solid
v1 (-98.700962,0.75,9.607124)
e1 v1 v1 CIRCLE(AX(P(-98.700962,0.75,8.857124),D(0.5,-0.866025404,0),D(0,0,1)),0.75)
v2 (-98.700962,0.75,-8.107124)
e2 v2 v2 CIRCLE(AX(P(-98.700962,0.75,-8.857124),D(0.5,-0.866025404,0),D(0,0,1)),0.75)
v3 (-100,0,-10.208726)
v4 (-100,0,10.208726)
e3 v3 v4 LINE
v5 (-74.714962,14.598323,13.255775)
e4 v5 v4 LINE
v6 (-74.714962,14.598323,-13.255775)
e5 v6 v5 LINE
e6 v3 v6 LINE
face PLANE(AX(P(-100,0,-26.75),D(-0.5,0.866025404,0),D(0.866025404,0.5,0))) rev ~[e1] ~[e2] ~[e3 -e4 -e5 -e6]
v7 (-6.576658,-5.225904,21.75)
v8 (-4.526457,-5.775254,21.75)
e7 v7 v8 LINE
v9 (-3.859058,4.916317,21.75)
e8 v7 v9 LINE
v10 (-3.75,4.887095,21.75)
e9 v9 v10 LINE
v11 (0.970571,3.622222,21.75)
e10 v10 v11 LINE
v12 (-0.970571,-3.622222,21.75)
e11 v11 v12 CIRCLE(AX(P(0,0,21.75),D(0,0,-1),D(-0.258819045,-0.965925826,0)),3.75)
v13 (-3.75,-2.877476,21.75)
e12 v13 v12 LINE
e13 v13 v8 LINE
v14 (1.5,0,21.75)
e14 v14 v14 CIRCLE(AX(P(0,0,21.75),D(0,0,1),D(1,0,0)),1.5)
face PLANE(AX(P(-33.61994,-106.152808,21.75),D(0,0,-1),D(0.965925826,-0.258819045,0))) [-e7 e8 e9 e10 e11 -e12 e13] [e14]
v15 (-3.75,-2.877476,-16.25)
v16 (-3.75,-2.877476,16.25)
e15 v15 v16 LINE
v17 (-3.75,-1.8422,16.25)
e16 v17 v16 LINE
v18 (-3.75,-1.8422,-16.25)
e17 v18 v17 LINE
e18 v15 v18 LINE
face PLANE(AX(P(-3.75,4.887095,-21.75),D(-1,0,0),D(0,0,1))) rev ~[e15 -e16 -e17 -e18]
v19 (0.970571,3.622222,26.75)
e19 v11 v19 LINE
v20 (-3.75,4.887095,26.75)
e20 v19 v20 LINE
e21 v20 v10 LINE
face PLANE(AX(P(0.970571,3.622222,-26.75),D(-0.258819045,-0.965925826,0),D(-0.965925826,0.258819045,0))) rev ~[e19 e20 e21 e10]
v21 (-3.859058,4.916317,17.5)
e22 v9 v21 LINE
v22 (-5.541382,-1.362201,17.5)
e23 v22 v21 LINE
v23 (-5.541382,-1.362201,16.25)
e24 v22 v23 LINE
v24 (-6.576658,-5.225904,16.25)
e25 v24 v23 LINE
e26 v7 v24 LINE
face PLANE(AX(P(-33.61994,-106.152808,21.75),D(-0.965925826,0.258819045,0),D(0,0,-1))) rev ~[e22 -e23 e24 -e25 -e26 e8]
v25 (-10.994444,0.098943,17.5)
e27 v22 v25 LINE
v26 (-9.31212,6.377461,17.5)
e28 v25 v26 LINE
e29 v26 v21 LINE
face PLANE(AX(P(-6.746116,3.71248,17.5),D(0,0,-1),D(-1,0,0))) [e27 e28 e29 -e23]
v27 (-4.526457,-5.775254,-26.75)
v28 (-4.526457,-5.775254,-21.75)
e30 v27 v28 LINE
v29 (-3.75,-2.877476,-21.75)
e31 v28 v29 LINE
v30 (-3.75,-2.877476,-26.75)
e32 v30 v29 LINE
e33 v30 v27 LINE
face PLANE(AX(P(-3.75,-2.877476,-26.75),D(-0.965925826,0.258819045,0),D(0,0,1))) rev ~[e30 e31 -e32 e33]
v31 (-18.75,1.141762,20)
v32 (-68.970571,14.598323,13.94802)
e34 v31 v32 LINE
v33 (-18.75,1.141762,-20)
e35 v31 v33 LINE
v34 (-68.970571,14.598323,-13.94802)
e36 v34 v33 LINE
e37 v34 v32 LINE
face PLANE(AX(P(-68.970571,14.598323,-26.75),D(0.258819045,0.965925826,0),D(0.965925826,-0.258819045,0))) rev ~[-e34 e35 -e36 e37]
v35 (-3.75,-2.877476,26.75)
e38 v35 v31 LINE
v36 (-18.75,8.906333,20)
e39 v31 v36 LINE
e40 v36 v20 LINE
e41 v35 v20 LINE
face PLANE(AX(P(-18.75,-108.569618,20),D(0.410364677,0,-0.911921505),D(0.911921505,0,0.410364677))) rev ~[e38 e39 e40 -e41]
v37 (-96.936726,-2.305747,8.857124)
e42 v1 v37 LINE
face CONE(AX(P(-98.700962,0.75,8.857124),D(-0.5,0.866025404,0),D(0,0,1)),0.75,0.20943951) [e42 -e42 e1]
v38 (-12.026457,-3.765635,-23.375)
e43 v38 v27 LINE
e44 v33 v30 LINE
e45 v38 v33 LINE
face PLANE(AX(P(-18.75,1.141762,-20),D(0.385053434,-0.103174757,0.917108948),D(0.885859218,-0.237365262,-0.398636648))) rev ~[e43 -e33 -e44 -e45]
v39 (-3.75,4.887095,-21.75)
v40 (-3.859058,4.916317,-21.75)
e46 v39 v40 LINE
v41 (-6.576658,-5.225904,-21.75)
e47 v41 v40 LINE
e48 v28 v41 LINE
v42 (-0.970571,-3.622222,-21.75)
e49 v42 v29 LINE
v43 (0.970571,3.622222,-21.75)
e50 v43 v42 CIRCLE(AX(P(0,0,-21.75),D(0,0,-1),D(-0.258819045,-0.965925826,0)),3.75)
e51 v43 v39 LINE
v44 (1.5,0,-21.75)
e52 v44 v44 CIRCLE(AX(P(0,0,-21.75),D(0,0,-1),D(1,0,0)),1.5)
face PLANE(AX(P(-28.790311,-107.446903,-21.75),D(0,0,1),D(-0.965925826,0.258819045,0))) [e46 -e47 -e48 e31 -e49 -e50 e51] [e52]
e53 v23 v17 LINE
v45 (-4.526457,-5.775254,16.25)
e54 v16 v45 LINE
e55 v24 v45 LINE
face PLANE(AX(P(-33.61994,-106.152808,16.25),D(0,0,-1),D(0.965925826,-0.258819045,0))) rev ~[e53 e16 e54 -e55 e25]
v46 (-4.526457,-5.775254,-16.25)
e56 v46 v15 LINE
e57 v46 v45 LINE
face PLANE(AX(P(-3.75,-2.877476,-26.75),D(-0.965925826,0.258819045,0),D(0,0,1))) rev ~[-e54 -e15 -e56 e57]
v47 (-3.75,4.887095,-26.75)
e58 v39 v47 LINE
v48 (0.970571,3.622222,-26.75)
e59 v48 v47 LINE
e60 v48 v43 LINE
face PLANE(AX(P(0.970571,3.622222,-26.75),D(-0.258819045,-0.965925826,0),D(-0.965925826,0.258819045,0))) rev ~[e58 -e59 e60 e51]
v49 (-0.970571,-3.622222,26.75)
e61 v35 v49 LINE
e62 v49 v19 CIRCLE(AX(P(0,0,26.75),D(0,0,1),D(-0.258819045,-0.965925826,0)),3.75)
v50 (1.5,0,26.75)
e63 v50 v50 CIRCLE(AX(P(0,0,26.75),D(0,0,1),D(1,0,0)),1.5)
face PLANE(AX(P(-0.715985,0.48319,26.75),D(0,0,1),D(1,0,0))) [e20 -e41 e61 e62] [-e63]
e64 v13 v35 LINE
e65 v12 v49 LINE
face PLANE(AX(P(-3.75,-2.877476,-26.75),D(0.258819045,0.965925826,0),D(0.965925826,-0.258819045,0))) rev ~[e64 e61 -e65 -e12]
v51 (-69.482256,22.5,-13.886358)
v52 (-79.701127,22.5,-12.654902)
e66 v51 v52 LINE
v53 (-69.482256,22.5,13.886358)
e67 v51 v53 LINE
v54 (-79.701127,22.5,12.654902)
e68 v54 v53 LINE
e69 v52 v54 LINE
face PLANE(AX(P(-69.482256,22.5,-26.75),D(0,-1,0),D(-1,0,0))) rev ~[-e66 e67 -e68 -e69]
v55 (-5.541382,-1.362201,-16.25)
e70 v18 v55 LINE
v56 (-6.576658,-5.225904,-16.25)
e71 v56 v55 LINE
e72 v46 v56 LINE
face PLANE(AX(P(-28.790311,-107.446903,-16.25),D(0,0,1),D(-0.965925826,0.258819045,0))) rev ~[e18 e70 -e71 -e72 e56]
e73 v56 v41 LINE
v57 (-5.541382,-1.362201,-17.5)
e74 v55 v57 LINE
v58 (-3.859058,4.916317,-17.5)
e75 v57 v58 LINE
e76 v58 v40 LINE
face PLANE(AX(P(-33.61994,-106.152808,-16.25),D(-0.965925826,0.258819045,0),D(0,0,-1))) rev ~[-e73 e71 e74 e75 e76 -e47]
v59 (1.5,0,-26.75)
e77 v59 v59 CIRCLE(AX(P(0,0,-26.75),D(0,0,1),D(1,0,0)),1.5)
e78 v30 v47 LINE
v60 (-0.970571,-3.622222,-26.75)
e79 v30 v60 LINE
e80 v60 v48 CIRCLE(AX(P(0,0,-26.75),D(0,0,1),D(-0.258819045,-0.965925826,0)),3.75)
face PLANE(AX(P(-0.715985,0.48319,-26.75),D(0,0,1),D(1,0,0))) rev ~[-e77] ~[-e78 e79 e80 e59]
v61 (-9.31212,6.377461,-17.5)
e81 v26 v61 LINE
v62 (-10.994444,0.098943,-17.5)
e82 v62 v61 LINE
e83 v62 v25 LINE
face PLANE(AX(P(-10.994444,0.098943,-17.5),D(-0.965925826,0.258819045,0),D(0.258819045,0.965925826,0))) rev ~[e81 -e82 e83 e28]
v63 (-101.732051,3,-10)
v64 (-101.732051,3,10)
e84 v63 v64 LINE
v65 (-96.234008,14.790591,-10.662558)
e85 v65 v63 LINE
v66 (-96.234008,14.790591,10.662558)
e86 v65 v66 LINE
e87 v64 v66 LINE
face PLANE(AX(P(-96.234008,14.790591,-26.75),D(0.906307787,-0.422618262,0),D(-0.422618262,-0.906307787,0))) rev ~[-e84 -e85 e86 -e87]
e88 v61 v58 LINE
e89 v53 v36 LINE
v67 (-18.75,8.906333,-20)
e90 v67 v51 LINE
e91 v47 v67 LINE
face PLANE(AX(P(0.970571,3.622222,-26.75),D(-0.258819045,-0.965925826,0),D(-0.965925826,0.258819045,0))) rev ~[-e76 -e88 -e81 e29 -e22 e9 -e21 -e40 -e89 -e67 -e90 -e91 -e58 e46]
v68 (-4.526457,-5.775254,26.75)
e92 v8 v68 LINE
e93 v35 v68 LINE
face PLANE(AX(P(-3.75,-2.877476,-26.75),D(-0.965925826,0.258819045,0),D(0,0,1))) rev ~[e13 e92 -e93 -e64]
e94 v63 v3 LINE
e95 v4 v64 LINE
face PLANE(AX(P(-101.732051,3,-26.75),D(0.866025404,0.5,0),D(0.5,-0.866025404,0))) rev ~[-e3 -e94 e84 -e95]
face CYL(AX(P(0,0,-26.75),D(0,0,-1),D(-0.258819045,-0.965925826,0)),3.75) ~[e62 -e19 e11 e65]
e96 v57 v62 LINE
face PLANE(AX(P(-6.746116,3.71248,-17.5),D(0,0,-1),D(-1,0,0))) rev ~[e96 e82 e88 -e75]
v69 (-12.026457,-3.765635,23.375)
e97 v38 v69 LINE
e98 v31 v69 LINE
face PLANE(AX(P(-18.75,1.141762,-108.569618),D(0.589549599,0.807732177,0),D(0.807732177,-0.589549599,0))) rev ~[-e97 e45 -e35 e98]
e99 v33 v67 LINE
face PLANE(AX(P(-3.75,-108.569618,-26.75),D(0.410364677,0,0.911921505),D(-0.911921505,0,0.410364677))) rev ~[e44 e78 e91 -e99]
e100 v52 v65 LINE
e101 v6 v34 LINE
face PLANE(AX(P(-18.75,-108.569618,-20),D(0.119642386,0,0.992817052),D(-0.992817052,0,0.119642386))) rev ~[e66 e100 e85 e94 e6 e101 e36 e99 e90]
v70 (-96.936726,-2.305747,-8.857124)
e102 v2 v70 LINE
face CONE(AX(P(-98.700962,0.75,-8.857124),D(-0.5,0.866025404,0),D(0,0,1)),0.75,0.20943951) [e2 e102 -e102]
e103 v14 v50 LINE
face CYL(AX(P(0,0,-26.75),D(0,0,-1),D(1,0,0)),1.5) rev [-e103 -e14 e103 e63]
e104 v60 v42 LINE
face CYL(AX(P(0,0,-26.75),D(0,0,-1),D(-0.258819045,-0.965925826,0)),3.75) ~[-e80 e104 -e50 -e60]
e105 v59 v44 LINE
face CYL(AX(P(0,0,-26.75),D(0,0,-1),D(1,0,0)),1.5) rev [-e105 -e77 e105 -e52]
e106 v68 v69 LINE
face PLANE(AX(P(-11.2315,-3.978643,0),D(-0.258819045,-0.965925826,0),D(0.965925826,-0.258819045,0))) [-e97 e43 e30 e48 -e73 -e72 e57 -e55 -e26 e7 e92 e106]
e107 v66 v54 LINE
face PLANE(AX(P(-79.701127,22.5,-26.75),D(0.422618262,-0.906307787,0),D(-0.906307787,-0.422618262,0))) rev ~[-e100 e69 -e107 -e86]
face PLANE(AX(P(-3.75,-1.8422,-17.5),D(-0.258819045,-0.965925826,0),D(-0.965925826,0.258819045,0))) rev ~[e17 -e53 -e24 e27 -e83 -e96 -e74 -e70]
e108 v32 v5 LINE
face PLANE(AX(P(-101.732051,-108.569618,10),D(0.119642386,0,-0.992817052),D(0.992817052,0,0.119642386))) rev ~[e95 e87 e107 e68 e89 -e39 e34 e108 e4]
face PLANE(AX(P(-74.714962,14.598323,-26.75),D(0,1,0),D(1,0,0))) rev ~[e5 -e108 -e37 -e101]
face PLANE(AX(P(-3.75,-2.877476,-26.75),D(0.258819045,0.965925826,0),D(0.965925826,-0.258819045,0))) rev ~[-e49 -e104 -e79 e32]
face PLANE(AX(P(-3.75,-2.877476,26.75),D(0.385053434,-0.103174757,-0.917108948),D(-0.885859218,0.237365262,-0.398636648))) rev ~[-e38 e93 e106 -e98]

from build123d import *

# Parameters (mm, degrees)
BOSS_EXTRUDE2_DEPTH                  = 26.75
BOSS_EXTRUDE2_DEPTH_BACK             = 26.75
SKETCH3_R                            = 1.5
TOP_FORM_DEPTH                       = 108.569617744
TOP_FORM_DEPTH_BACK                  = 108.569617744
SKETCH12_OUTSIDE_W                   = 131.712
SKETCH12_OUTSIDE_H                   = 79.73
END_EXTRUDE_DEPTH                    = 26.75
END_EXTRUDE_DEPTH_BACK               = 26.75
SKETCH13_R                           = 1.5
SPRING_PHALANX_PLACE_DEPTH           = 8.038475773
SPRING_SUPPORT_DEPTH                 = 3
SPRING_SUPPORT_CORNER_CUT_DEPTH      = 108.569617744
SPRING_SUPPORT_CORNER_CUT_DEPTH_BACK = 108.569617744
SPRING_PLACE_CUT_DEPTH               = 17.5
SPRING_PLACE_CUT_DEPTH_BACK          = 17.5
PHALANX_SPACE_CUT_DEPTH              = 108.487219822
PHALANX_SPACE_CUT_DEPTH_BACK         = 108.487219822


with BuildPart() as part:
    # Sketch3 → Boss-Extrude2 (new, two sides: drawn at the far end of the back side and taken through both)
    with BuildSketch(Plane.XY.offset(-BOSS_EXTRUDE2_DEPTH_BACK)):
        with BuildLine():
            Line((0.970571419, 3.622221849), (-69.482255776, 22.5))
            Line((-69.482255776, 22.5), (-79.701126542, 22.5))
            Line((-79.701126542, 22.5), (-96.234008051, 14.790590741))
            Line((-96.234008051, 14.790590741), (-101.732050808, 3))
            Line((-101.732050808, 3), (-100, 0))
            Line((-100, 0), (-74.714962449, 14.598323237))
            Line((-74.714962449, 14.598323237), (-68.970571419, 14.598323237))
            Line((-68.970571419, 14.598323237), (-0.970571419, -3.622221849))
            ThreePointArc((-0.970571419, -3.622221849), (3.622221849, -0.970571419), (0.970571419, 3.622221849))
        make_face()
        Circle(SKETCH3_R, mode=Mode.SUBTRACT)
    extrude(amount=BOSS_EXTRUDE2_DEPTH + BOSS_EXTRUDE2_DEPTH_BACK)

    # Sketch12 outside → top-form (cut, two sides: drawn at the far end of the back side and taken through both)
    with BuildSketch(Plane(origin=(0, 0, 0), x_dir=(1, 0, 0), z_dir=(0, 1, 0)).offset(-TOP_FORM_DEPTH_BACK)):
        with Locations((-48.991, 0)):
            Rectangle(SKETCH12_OUTSIDE_W, SKETCH12_OUTSIDE_H)
        Polygon((-101.732050808, 10), (-101.732050808, -10), (-18.75, -20), (-3.75, -26.75), (-3.75, 26.75), (-18.75, 20), align=None, mode=Mode.SUBTRACT)
    extrude(amount=TOP_FORM_DEPTH + TOP_FORM_DEPTH_BACK, mode=Mode.SUBTRACT)

    # Sketch13 → end-extrude (add, two sides: drawn at the far end of the back side and taken through both)
    with BuildSketch(Plane.XY.offset(-END_EXTRUDE_DEPTH_BACK)):
        with BuildLine():
            Line((-3.75, 4.887095148), (-3.75, -2.877476205))
            Line((-3.75, -2.877476205), (-0.970571419, -3.622221849))
            ThreePointArc((-0.970571419, -3.622221849), (3.622221849, -0.970571419), (0.970571419, 3.622221849))
            Line((0.970571419, 3.622221849), (-3.75, 4.887095148))
        make_face()
        Circle(SKETCH13_R, mode=Mode.SUBTRACT)
    extrude(amount=END_EXTRUDE_DEPTH + END_EXTRUDE_DEPTH_BACK)

    # Sketch16 → spring_phalanx_place (cut, along a direction that is not the sketch's normal)
    with BuildSketch(Plane(origin=(0.970571419, 3.622221849, 0), x_dir=(0.9659258262890683, -0.2588190451025211, 0), z_dir=(0.2588190451025211, 0.9659258262890683, 0))):
        Polygon((-4.887095148, 0), (-4.887095148, -21.75), (0, -21.75), (0, 21.75), (-4.887095148, 21.75), align=None)
        Polygon((0, 21.75), (0, -21.75), (3.75, -21.75), (3.75, 0), (3.75, 21.75), align=None)
    extrude(amount=-SPRING_PHALANX_PLACE_DEPTH, dir=(0, 1, 0), mode=Mode.SUBTRACT)

    # spikes cone 1 section (through the dimple's axis) → spikes (revolve)
    with BuildSketch(Plane(origin=(-98.700961894, 0.75, 8.857123826), x_dir=(0, 0, 1), z_dir=(0.866025404, 0.5, 0))):
        Polygon((0, 0), (0.75, 0), (0, 3.528472582), align=None)
    revolve(axis=Axis((-98.700961894, 0.75, 8.857123826), (0.5, -0.866025404, 0)))

    # spikes cone 2 section (through the dimple's axis) → spikes cone 2 (revolve)
    with BuildSketch(Plane(origin=(-98.700961894, 0.75, -8.857123826), x_dir=(0, 0, 1), z_dir=(0.866025404, 0.5, 0))):
        Polygon((0, 0), (0.75, 0), (0, 3.528472582), align=None)
    revolve(axis=Axis((-98.700961894, 0.75, -8.857123826), (0.5, -0.866025404, 0)))

    # Sketch18 → spring-support (add)
    with BuildSketch(Plane(origin=(-0.970571419, -3.622221849, 0), x_dir=(0.9659258262890681, -0.2588190451025214, 0), z_dir=(-0.2588190451025214, -0.9659258262890681, 0))):
        Polygon((-2.877476205, 21.75), (-2.877476205, 26.75), (-18.406618911, 20), (-18.406618911, -20), (-2.877476205, -26.75), (-2.877476205, -21.75), align=None)
    extrude(amount=SPRING_SUPPORT_DEPTH)

    # Sketch22 → spring-support-corner-cut (cut, two sides: drawn at the far end of the back side and taken through both)
    with BuildSketch(Plane.XY.offset(-SPRING_SUPPORT_CORNER_CUT_DEPTH_BACK)):
        Polygon((-19.526457135, -1.756015797), (-18.75, 1.141761682), (-12.026457135, -3.765634741), align=None)
    extrude(amount=SPRING_SUPPORT_CORNER_CUT_DEPTH + SPRING_SUPPORT_CORNER_CUT_DEPTH_BACK, mode=Mode.SUBTRACT)

    # Sketch22<3> → spring-place-cut (cut, two sides: drawn at the far end of the back side and taken through both)
    with BuildSketch(Plane.XY.offset(-SPRING_PLACE_CUT_DEPTH_BACK)):
        Polygon((-3.75, -1.842200025), (-10.994443697, 0.098942814), (-8.406253246, 9.758201077), (-3.75, 8.51056178), align=None)
    extrude(amount=SPRING_PLACE_CUT_DEPTH + SPRING_PLACE_CUT_DEPTH_BACK, mode=Mode.SUBTRACT)

    # Sketch21 → phalanx-space-cut (cut, two sides: drawn at the far end of the back side and taken through both)
    with BuildSketch(Plane(origin=(-0.711752374, -2.656296022, 0), x_dir=(0.9659258262890681, -0.2588190451025214, 0), z_dir=(0.2588190451025214, 0.9659258262890681, 0)).offset(-PHALANX_SPACE_CUT_DEPTH_BACK)):
        Polygon((-4.887095148, 21.75), (0, 21.75), (0, 16.25), (-5, 16.25), (-5, 21.75), align=None)
        Polygon((-4.887095148, -21.75), (-5, -21.75), (-5, -16.25), (0, -16.25), (0, -21.75), align=None)
    extrude(amount=PHALANX_SPACE_CUT_DEPTH + PHALANX_SPACE_CUT_DEPTH_BACK, mode=Mode.SUBTRACT)


solid = part.part
